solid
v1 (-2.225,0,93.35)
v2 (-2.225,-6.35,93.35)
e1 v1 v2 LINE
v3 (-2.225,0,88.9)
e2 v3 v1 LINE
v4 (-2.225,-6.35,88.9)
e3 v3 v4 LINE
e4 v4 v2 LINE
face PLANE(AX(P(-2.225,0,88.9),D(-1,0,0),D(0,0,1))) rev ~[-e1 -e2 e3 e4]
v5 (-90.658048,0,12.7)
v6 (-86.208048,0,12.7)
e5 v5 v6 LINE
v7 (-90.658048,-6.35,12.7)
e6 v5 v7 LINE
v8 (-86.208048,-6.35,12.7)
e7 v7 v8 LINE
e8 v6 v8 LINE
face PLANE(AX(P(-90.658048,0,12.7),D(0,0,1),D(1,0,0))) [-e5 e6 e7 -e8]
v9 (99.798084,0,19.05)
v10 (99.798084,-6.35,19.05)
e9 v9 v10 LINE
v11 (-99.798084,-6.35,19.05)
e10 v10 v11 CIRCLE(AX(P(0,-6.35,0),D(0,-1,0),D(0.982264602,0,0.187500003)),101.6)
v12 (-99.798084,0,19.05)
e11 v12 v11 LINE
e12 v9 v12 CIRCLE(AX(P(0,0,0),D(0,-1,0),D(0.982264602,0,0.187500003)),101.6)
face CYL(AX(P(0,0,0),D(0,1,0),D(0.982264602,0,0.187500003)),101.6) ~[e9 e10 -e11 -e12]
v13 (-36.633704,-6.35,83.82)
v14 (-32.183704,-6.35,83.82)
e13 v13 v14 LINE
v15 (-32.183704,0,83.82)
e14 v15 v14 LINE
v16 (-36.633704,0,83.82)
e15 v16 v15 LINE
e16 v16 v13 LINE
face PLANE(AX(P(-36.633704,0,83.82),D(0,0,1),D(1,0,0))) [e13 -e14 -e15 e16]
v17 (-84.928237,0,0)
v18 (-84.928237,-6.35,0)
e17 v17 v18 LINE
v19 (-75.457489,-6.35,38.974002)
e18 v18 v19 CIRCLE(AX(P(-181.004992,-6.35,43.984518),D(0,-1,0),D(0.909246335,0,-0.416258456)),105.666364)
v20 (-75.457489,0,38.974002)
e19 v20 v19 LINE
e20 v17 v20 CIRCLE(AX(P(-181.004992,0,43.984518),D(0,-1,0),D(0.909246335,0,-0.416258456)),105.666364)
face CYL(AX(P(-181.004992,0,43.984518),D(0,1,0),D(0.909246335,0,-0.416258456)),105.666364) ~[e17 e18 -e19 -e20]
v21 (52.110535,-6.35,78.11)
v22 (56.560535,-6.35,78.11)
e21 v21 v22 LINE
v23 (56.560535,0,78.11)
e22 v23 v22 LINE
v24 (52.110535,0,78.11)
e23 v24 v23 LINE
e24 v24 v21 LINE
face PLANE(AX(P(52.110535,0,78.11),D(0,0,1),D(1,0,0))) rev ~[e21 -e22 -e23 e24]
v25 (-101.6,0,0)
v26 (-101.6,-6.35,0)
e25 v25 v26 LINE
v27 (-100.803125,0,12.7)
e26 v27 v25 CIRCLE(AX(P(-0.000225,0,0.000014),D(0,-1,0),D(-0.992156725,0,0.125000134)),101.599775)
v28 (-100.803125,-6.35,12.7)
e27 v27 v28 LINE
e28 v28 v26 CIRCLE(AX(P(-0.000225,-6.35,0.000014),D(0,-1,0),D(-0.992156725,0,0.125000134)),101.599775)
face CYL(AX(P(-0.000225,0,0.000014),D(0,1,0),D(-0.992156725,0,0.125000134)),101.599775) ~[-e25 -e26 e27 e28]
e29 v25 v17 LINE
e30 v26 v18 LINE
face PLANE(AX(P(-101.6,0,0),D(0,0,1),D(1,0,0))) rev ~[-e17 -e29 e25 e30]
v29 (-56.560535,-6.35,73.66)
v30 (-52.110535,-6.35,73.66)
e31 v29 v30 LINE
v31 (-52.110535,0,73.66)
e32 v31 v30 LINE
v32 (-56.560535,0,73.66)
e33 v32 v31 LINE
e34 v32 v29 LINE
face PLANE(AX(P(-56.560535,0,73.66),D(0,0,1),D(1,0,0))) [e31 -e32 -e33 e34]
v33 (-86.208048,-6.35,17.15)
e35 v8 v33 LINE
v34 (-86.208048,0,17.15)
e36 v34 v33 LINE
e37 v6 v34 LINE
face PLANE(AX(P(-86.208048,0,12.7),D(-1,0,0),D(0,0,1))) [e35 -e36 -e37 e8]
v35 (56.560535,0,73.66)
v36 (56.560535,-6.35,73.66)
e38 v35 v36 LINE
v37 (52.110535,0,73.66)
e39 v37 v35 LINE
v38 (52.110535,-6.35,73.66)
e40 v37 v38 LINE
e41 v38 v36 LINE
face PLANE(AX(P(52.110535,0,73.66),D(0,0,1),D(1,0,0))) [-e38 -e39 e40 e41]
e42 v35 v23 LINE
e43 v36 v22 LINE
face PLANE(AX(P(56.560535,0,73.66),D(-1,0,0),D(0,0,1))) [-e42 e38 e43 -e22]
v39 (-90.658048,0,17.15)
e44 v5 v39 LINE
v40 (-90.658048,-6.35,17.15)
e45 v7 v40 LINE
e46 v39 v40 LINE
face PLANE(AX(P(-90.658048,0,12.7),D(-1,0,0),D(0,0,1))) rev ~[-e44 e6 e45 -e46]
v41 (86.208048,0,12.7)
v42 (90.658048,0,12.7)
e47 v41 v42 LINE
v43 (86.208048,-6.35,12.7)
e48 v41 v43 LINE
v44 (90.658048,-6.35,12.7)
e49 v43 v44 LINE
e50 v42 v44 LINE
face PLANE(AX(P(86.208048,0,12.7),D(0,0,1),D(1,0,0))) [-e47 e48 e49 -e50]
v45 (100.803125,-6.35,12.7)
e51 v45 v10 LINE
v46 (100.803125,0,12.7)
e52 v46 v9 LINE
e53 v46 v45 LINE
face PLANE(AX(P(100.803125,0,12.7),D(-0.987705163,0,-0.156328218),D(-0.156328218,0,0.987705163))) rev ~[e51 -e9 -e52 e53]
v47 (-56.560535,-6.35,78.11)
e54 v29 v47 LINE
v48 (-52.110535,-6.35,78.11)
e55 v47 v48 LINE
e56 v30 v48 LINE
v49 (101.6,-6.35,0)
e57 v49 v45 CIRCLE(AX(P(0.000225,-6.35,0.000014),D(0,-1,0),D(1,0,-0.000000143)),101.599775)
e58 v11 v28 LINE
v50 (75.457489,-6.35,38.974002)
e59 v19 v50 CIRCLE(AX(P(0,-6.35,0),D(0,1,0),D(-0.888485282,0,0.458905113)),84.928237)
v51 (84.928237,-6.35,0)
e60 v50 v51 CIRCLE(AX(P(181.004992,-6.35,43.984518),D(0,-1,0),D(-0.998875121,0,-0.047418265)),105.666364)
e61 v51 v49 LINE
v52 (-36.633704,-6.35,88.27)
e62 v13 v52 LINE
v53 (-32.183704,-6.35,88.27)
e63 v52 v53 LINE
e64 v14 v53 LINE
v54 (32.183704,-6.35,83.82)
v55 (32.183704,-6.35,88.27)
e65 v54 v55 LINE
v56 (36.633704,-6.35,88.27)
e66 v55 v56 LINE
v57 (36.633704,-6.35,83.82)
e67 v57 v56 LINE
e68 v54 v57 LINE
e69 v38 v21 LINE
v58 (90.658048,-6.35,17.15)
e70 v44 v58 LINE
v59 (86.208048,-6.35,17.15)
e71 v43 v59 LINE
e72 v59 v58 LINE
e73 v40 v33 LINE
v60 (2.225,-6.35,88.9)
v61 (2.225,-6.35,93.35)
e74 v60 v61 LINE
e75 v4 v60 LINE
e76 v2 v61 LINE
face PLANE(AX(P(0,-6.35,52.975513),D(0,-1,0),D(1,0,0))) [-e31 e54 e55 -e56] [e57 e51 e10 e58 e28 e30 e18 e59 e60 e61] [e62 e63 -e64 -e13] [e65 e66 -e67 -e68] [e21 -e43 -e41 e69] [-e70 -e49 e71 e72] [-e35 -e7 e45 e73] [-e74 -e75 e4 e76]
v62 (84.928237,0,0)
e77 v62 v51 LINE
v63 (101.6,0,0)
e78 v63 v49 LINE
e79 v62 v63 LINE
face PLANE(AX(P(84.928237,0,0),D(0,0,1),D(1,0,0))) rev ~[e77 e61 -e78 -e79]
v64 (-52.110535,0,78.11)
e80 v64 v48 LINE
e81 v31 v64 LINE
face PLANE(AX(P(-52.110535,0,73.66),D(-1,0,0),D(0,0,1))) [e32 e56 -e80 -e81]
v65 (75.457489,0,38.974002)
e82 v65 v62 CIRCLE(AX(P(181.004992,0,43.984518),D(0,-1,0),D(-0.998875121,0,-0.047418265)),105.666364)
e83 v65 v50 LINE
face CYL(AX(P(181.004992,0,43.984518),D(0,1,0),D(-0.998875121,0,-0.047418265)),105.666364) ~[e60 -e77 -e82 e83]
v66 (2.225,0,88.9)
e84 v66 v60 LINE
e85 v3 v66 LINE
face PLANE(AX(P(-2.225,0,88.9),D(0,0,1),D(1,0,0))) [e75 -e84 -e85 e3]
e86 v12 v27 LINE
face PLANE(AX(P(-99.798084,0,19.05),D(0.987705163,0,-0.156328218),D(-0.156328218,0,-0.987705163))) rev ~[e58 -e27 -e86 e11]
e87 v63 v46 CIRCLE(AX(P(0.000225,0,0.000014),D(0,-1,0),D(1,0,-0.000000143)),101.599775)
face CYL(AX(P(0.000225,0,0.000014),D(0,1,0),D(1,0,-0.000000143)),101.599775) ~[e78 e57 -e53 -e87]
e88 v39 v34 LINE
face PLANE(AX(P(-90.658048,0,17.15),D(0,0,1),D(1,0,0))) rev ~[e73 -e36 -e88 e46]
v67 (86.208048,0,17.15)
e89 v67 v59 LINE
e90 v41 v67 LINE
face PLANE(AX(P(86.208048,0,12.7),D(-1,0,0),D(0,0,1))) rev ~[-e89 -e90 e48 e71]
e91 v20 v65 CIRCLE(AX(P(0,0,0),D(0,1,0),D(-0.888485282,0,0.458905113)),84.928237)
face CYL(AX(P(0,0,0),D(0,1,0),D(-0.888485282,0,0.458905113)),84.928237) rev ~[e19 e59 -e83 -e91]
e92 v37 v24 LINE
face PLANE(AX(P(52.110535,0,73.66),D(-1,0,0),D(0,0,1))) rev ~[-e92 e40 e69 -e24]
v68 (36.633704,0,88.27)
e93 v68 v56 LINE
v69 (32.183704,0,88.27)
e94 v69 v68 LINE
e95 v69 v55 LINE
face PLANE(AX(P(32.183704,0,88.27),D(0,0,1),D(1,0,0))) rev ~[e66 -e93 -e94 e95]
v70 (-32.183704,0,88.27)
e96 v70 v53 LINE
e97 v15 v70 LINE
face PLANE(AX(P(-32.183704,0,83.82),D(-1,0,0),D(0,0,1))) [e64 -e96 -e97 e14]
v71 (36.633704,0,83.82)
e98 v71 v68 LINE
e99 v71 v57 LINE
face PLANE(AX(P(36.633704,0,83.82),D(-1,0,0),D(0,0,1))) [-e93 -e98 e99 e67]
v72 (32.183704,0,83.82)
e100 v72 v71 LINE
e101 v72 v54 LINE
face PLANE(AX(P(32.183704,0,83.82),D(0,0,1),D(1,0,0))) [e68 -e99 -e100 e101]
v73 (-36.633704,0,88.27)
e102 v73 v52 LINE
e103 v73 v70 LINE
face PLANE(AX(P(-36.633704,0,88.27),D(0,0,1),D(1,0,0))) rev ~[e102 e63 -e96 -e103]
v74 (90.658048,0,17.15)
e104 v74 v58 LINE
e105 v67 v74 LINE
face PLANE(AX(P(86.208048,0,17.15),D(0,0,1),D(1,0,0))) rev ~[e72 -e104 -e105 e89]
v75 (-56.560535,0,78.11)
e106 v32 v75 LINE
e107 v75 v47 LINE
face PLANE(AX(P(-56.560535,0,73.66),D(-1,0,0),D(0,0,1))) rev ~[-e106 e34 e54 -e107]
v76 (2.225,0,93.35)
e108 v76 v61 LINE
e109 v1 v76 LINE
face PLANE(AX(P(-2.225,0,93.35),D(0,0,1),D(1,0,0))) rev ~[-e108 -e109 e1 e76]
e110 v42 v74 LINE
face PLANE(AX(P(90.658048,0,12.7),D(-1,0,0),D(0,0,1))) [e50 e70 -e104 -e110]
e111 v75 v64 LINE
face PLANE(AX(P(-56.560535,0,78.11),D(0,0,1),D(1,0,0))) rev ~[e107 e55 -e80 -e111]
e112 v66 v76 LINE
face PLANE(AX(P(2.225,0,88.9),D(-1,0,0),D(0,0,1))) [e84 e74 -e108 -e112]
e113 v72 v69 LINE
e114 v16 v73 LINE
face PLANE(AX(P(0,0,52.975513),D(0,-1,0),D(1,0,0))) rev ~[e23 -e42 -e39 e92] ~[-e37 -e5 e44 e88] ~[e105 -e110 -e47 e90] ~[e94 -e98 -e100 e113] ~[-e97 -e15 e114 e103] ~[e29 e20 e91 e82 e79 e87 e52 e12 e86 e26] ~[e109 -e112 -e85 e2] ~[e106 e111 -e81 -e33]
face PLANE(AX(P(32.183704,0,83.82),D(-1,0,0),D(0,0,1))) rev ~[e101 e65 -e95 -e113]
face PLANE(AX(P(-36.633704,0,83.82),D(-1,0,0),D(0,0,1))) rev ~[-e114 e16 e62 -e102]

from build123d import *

# Parameters (mm, degrees)
F0_W     = 4.45
F0_H     = 4.45
F1_DEPTH = 6.35


with BuildPart() as f1:
    # F0 (on Front) → F1 (new body)
    with BuildSketch(Plane.XZ):
        with BuildLine():
            ThreePointArc((75.457489, 38.974002), (78.326715, 19.033524), (84.928237, 0))
            Line((84.928237, 0), (101.6, 0))
            ThreePointArc((101.6, 0), (101.400586, 6.362488), (100.803125, 12.7))
            Line((100.803125, 12.7), (99.798084, 19.05))
            ThreePointArc((99.798084, 19.05), (0, 101.6), (-99.798084, 19.05))
            Line((-99.798084, 19.05), (-100.803125, 12.7))
            ThreePointArc((-100.803125, 12.7), (-101.400586, 6.362488), (-101.6, 0))
            Line((-101.6, 0), (-84.928237, 0))
            ThreePointArc((-84.928237, 0), (-78.326715, 19.033524), (-75.457489, 38.974002))
            ThreePointArc((-75.457489, 38.974002), (0, 84.928237), (75.457489, 38.974002))
        make_face()
        with Locations((-88.433048, 14.925)):
            Rectangle(F0_W, F0_H, mode=Mode.SUBTRACT)
        with Locations((88.433048, 14.925)):
            Rectangle(F0_W, F0_H, mode=Mode.SUBTRACT)
        with Locations((-54.335535, 75.885)):
            Rectangle(F0_W, F0_H, mode=Mode.SUBTRACT)
        with Locations((-34.408704, 86.045)):
            Rectangle(F0_W, F0_H, mode=Mode.SUBTRACT)
        with Locations((0, 91.125)):
            Rectangle(F0_W, F0_H, mode=Mode.SUBTRACT)
        with Locations((54.335535, 75.885)):
            Rectangle(F0_W, F0_H, mode=Mode.SUBTRACT)
        with Locations((34.408704, 86.045)):
            Rectangle(F0_W, F0_H, mode=Mode.SUBTRACT)
    extrude(amount=F1_DEPTH)


solid = f1.part
